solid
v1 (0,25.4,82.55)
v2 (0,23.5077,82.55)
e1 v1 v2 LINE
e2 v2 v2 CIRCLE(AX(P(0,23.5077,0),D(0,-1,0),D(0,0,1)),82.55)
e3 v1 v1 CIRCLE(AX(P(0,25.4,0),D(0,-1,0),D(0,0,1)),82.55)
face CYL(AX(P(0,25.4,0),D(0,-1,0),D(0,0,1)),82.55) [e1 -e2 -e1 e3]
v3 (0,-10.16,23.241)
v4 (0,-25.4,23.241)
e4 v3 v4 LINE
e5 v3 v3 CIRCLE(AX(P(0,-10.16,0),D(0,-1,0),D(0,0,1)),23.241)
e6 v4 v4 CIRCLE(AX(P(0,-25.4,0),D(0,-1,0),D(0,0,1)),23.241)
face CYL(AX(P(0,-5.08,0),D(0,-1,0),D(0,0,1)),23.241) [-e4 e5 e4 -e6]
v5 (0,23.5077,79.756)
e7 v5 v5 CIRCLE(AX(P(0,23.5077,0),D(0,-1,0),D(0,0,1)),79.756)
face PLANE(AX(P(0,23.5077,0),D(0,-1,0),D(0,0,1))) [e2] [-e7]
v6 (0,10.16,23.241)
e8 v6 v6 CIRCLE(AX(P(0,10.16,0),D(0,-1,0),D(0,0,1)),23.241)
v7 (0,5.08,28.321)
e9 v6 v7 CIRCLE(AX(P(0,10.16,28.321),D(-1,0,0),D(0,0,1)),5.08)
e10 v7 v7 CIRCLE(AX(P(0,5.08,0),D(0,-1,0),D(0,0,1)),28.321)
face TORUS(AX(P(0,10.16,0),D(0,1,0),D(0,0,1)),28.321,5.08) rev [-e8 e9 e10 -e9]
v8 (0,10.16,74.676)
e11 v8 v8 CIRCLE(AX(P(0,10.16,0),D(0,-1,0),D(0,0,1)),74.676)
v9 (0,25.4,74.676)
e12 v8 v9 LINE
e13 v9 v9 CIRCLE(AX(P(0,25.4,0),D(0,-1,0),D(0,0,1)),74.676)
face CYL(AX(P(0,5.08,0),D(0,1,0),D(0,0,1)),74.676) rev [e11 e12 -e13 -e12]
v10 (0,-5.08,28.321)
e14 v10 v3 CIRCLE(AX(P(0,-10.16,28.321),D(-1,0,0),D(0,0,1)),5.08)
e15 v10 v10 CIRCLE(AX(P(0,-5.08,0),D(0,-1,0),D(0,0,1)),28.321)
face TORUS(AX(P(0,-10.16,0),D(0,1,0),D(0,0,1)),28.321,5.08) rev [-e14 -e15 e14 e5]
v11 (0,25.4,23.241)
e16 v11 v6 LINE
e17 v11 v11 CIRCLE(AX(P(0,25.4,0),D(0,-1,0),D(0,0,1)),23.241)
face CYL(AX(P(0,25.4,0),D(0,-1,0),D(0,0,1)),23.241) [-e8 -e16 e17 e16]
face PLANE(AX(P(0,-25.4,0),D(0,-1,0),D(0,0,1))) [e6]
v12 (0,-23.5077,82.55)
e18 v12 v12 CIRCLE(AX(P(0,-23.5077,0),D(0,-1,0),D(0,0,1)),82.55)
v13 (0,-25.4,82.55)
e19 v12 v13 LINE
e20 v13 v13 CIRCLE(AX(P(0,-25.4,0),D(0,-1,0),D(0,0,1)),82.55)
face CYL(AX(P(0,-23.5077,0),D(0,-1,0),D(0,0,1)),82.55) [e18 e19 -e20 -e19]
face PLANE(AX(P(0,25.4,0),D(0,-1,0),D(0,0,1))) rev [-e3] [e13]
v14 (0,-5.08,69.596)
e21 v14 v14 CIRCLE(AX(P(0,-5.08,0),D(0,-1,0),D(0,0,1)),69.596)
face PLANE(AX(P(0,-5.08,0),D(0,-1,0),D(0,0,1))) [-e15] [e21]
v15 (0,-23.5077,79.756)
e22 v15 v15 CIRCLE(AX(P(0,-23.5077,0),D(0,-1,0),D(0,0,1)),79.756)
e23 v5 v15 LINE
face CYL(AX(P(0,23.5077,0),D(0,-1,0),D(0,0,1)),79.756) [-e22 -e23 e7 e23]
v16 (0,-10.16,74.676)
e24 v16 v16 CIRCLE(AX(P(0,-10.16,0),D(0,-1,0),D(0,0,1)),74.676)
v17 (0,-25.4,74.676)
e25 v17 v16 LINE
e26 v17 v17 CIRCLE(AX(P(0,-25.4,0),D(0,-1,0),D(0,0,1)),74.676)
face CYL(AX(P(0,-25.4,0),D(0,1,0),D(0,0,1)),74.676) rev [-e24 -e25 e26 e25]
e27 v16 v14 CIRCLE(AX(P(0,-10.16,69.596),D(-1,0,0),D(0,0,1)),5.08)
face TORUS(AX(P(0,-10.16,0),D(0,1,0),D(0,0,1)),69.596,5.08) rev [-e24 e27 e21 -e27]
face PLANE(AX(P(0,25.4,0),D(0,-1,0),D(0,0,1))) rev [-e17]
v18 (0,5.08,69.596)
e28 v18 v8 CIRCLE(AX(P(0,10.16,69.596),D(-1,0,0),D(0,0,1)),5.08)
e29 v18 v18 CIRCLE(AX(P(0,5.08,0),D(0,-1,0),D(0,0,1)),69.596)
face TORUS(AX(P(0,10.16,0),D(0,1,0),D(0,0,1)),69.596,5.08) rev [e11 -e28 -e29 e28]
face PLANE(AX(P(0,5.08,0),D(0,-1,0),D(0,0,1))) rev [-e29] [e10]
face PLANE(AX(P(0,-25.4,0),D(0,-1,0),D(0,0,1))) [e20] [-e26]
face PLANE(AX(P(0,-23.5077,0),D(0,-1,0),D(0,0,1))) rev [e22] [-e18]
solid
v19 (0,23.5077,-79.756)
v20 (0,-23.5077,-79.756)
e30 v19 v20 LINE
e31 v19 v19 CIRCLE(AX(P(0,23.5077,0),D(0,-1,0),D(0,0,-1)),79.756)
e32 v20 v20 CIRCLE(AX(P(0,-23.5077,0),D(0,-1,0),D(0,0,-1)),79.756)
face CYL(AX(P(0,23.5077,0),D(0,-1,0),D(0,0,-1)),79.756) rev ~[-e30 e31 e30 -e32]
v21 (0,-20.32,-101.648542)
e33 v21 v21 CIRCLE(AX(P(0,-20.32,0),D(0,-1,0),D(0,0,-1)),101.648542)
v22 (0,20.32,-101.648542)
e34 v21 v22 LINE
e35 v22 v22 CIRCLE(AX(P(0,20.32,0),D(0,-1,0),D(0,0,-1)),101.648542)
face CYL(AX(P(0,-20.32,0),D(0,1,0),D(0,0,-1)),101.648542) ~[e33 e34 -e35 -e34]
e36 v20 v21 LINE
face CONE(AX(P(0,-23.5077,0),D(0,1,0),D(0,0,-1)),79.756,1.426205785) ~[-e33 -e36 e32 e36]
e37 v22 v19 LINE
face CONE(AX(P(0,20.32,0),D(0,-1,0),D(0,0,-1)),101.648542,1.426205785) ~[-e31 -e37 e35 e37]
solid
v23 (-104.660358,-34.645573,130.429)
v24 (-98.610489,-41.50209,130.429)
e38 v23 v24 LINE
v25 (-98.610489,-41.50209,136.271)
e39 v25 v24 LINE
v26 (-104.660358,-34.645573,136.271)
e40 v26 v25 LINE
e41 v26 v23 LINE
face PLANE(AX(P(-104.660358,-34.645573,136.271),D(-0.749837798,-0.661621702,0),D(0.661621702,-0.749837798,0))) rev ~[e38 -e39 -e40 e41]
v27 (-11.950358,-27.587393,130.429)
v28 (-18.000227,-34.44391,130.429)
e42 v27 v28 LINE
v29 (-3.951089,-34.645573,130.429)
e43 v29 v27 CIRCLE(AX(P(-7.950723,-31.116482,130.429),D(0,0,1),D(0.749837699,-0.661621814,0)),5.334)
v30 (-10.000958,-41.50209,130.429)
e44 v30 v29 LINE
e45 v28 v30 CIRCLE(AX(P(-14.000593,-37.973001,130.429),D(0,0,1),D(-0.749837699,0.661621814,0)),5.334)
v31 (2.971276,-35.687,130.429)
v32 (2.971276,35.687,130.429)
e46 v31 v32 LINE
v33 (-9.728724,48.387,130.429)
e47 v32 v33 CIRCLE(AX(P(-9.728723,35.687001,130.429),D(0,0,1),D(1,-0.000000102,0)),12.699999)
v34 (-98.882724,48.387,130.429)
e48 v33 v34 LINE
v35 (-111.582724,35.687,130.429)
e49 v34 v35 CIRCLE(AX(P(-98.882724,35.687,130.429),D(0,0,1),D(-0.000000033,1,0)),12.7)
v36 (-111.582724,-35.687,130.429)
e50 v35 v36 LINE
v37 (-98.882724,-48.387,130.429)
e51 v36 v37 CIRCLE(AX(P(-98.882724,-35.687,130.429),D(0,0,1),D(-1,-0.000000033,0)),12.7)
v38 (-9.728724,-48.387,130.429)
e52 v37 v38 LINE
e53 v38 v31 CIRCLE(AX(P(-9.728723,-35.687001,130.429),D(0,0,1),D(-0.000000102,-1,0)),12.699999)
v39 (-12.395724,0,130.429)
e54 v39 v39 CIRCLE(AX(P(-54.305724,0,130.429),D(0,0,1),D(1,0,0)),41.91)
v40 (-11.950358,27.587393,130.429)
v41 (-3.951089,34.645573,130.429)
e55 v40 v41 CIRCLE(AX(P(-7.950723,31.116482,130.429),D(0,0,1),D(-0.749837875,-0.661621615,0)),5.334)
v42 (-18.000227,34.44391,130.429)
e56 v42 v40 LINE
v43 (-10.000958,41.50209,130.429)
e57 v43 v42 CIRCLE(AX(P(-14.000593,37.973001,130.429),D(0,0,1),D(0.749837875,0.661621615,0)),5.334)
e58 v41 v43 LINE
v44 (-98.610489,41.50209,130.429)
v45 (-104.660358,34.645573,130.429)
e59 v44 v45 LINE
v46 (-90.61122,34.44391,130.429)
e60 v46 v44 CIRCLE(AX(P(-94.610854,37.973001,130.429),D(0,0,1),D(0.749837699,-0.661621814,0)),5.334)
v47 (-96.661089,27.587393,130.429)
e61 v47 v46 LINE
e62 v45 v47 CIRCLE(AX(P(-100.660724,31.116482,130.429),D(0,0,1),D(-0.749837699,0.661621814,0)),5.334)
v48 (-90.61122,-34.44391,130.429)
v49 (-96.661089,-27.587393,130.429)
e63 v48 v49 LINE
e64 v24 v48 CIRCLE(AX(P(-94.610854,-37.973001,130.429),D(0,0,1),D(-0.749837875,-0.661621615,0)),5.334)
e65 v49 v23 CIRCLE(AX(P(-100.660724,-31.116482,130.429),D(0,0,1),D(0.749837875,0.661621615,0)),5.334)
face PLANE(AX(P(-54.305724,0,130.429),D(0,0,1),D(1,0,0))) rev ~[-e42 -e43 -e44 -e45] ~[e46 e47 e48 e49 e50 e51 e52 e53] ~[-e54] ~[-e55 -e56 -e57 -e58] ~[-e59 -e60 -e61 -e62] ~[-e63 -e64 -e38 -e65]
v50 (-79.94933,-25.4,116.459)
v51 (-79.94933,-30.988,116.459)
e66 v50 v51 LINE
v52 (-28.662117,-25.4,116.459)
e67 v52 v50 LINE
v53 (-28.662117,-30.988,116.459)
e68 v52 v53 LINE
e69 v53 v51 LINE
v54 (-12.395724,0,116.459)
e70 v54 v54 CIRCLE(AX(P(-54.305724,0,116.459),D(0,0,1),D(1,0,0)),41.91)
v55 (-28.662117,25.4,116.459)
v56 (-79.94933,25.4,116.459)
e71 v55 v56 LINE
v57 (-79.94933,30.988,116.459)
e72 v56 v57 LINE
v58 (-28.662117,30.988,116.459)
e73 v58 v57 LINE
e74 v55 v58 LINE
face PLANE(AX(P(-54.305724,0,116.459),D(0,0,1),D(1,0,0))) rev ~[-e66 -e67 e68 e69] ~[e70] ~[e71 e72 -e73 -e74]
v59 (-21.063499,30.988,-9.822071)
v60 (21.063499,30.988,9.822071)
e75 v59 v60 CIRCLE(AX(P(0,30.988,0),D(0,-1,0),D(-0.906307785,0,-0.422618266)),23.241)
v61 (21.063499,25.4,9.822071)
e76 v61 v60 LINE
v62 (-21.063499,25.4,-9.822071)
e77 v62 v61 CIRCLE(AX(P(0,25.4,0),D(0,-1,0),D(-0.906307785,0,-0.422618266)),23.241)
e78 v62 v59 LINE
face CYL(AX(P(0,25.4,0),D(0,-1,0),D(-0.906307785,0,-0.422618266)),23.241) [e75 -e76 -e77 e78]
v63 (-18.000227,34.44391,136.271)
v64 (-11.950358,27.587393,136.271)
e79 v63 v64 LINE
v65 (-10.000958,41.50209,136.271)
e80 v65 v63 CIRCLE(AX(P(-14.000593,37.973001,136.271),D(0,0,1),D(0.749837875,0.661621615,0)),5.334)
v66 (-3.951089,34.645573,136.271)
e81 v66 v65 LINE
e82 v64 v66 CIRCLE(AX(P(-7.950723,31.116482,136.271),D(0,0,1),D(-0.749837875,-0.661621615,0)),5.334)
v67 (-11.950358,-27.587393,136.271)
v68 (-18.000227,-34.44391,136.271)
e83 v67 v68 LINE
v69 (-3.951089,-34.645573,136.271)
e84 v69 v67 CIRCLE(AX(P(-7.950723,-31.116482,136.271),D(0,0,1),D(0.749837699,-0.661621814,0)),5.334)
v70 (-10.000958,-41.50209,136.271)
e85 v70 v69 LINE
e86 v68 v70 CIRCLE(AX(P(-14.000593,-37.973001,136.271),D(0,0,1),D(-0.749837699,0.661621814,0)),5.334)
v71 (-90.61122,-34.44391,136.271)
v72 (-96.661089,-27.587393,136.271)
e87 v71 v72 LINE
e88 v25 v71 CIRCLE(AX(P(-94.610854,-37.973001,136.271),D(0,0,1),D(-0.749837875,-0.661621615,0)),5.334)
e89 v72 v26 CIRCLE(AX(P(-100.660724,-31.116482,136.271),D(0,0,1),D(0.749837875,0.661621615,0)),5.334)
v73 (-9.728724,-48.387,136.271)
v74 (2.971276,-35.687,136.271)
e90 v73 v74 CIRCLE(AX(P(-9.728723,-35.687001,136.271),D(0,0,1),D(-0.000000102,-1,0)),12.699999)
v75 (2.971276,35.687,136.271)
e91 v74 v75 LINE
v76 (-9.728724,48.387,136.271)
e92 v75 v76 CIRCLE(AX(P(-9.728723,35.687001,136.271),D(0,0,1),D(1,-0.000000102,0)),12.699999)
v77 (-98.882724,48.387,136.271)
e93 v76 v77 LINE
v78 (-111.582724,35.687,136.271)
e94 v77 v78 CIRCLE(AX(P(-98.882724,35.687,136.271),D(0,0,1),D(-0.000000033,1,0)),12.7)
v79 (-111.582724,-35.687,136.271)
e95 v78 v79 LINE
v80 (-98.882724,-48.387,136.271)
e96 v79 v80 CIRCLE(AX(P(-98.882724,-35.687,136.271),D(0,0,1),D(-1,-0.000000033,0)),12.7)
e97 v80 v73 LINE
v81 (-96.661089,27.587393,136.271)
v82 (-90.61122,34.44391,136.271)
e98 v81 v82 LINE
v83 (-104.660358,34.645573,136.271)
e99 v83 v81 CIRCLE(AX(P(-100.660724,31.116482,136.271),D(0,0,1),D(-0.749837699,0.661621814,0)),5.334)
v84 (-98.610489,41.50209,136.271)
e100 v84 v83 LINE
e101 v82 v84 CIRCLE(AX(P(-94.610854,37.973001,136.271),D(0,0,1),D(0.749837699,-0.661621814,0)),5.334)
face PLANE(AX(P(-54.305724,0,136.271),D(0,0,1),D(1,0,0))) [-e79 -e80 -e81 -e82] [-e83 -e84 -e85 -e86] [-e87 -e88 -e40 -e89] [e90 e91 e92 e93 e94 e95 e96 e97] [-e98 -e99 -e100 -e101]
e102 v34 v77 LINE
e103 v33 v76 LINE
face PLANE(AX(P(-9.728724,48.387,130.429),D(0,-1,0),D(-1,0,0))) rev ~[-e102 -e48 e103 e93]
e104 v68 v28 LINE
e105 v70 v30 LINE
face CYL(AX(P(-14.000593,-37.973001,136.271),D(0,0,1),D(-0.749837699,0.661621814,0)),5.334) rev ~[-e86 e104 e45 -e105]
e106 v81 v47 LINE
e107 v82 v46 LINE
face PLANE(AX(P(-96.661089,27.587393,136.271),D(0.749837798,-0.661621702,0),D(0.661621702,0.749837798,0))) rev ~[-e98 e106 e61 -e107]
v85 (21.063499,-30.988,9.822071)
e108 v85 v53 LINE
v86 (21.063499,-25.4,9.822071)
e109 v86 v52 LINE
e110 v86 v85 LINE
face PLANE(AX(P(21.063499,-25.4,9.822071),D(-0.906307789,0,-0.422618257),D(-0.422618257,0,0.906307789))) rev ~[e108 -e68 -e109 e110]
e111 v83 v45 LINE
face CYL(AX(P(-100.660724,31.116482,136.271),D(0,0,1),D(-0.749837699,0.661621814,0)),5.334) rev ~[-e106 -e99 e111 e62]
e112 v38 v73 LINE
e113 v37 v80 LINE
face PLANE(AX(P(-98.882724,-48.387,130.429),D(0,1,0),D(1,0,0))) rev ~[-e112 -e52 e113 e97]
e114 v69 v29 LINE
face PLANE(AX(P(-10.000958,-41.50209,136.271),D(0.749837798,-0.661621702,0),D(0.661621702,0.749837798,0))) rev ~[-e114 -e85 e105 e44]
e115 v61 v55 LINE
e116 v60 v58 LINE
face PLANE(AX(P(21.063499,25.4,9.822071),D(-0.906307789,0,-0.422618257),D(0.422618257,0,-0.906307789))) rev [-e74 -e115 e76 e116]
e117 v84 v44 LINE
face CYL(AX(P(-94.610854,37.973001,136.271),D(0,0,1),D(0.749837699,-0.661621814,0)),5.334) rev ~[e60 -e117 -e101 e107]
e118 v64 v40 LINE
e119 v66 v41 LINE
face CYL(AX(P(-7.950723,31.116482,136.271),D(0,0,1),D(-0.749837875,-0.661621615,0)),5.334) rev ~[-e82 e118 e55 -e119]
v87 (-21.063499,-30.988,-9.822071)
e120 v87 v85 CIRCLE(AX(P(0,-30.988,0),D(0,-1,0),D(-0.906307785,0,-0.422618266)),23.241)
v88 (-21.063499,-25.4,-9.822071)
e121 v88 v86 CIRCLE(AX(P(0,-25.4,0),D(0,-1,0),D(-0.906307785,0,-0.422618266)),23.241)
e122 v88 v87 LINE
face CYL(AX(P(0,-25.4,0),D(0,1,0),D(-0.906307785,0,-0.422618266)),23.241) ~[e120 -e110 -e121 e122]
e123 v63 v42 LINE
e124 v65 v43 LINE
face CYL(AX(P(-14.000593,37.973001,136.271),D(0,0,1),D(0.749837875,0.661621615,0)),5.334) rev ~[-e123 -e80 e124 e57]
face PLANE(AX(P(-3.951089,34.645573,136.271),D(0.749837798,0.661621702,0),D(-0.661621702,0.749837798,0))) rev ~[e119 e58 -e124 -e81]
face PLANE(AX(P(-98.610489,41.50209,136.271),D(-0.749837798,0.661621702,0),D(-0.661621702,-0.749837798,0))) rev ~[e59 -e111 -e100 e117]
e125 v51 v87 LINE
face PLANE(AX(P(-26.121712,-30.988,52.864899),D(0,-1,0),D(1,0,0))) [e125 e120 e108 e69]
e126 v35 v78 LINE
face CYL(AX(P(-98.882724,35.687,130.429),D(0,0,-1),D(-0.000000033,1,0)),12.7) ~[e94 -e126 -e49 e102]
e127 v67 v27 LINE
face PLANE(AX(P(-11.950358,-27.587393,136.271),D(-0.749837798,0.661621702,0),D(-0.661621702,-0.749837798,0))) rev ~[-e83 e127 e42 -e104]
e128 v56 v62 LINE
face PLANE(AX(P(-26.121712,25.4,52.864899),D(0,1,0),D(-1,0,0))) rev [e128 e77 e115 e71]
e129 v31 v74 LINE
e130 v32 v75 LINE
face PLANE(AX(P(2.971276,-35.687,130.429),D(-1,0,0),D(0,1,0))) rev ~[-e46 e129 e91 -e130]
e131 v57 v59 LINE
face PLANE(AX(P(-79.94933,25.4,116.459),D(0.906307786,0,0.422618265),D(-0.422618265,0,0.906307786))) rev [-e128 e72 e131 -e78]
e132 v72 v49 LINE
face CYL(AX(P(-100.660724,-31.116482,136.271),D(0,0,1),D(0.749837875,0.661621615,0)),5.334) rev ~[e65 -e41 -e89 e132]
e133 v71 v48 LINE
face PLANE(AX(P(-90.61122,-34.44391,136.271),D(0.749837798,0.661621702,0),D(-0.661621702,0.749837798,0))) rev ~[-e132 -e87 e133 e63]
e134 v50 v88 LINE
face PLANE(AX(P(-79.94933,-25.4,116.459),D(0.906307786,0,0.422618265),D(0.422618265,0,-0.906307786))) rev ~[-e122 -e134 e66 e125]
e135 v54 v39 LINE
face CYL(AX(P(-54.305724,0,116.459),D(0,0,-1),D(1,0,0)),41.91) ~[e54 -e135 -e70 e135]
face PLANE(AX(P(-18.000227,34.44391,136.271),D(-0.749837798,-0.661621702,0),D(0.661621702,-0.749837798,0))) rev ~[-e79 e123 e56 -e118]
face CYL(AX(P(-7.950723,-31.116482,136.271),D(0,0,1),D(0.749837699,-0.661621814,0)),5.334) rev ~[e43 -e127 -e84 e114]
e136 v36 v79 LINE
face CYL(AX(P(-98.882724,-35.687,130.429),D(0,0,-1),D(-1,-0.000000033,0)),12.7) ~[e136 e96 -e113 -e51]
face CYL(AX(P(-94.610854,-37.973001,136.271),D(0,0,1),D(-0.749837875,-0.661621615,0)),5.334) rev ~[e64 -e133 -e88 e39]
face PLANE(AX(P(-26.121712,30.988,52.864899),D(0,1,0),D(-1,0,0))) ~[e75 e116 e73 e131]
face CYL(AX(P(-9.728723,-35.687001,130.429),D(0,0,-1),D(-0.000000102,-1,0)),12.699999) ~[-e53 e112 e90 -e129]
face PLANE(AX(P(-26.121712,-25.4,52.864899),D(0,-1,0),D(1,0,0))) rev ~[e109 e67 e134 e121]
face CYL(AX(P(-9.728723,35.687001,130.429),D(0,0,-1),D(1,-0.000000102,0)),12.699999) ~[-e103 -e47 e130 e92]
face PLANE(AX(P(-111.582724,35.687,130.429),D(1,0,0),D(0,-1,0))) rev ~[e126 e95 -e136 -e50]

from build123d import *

# Parameters (mm, degrees)
F2_R      = 5.08
F6_DEPTH  = 5.588
F8_R      = 41.91
F9_DEPTH  = 13.97
F11_DEPTH = 5.842
F13_DEPTH = 5.842


with BuildPart() as f1:
    # F0 (on Right) → F1 (revolve)
    with BuildSketch(Plane.YZ):
        Polygon((0, 0), (25.4, 0), (25.4, 23.241), (5.08, 23.241), (5.08, 74.676), (25.4, 74.676), (25.4, 82.55), (23.5077, 82.55), (23.5077, 79.756), (0, 79.756), (-23.5077, 79.756), (-23.5077, 82.55), (-25.4, 82.55), (-25.4, 74.676), (-5.08, 74.676), (-5.08, 23.241), (-25.4, 23.241), (-25.4, 0), align=None)
    revolve(axis=Axis((0, -12.7, 0), (0, -1, 0)))

    # F2
    f2_edges = [f1.edges().sort_by_distance(p)[0] for p in [
        (0, 5.08, -23.241),
        (0, 5.08, -74.676),
        (0, -5.08, -74.676),
        (0, -5.08, -23.241),
    ]]
    fillet(f2_edges, radius=F2_R)


with BuildPart() as f4:
    # F3 (on Right) → F4 (revolve)
    with BuildSketch(Plane.YZ):
        Polygon((20.32, -101.648542), (23.5077, -79.756), (-23.5077, -79.756), (-20.32, -101.648542), align=None)
    revolve(axis=Axis((0, -15.502385, 0), (0, -1, 0)))


with BuildPart() as f6:
    # F5 (on face) → F6 (new body)
    with BuildSketch(Plane.XZ.offset(25.4)):
        with BuildLine():
            Line((-79.94933, 116.459), (-21.063499, -9.822071))
            ThreePointArc((-21.063499, -9.822071), (9.822071, -21.063499), (21.063499, 9.822071))
            Line((21.063499, 9.822071), (-28.662117, 116.459))
            Line((-28.662117, 116.459), (-79.94933, 116.459))
        make_face()
    extrude(amount=F6_DEPTH)



with BuildPart() as f7_1:
    # F7: instance of F6
    add(f6.part.mirror(Plane.XZ))


with BuildPart() as f6_1:
    add(f6.part)

    add(f7_1.part)  # F9 merges F7_1
    # F8 (on face) → F9 (join)
    with BuildSketch(Plane.XY.offset(116.459)):
        with Locations((-54.305724, 0)):
            Circle(F8_R)
    extrude(amount=F9_DEPTH)

    # F10 (on face) → F11 (join)
    with BuildSketch(Plane.XY.offset(130.429)):
        with BuildLine():
            Line((-98.882724, -48.387), (-9.728724, -48.387))
            ThreePointArc((-9.728724, -48.387), (-0.748467, -44.667256), (2.971276, -35.687))
            Line((2.971276, -35.687), (2.971276, 35.687))
            ThreePointArc((2.971276, 35.687), (-0.748467, 44.667256), (-9.728724, 48.387))
            Line((-9.728724, 48.387), (-98.882724, 48.387))
            ThreePointArc((-98.882724, 48.387), (-107.86298, 44.667256), (-111.582724, 35.687))
            Line((-111.582724, 35.687), (-111.582724, -35.687))
            ThreePointArc((-111.582724, -35.687), (-107.86298, -44.667256), (-98.882724, -48.387))
        make_face()
    extrude(amount=F11_DEPTH)

    # F12 (on face) → F13 (cut, through all)
    with BuildSketch(Plane.XY.offset(136.271)):
        with BuildLine():
            ThreePointArc((-104.660358, 34.645573), (-104.189814, 27.116848), (-96.661089, 27.587393))
            Line((-96.661089, 27.587393), (-90.61122, 34.44391))
            ThreePointArc((-90.61122, 34.44391), (-91.081764, 41.972635), (-98.610489, 41.50209))
            Line((-98.610489, 41.50209), (-104.660358, 34.645573))
        make_face()
        with BuildLine():
            Line((-18.000227, 34.44391), (-11.950358, 27.587393))
            ThreePointArc((-11.950358, 27.587393), (-4.421633, 27.116848), (-3.951089, 34.645573))
            Line((-3.951089, 34.645573), (-10.000958, 41.50209))
            ThreePointArc((-10.000958, 41.50209), (-17.529683, 41.972635), (-18.000227, 34.44391))
        make_face()
        with BuildLine():
            ThreePointArc((-3.951089, -34.645573), (-4.421633, -27.116848), (-11.950358, -27.587393))
            Line((-11.950358, -27.587393), (-18.000227, -34.44391))
            ThreePointArc((-18.000227, -34.44391), (-17.529683, -41.972635), (-10.000958, -41.50209))
            Line((-10.000958, -41.50209), (-3.951089, -34.645573))
        make_face()
        with BuildLine():
            Line((-90.61122, -34.44391), (-96.661089, -27.587393))
            ThreePointArc((-96.661089, -27.587393), (-104.189814, -27.116848), (-104.660358, -34.645573))
            Line((-104.660358, -34.645573), (-98.610489, -41.50209))
            ThreePointArc((-98.610489, -41.50209), (-91.081764, -41.972635), (-90.61122, -34.44391))
        make_face()
    extrude(amount=-F13_DEPTH, mode=Mode.SUBTRACT)


solid = Compound([f1.part, f4.part, f6_1.part])
